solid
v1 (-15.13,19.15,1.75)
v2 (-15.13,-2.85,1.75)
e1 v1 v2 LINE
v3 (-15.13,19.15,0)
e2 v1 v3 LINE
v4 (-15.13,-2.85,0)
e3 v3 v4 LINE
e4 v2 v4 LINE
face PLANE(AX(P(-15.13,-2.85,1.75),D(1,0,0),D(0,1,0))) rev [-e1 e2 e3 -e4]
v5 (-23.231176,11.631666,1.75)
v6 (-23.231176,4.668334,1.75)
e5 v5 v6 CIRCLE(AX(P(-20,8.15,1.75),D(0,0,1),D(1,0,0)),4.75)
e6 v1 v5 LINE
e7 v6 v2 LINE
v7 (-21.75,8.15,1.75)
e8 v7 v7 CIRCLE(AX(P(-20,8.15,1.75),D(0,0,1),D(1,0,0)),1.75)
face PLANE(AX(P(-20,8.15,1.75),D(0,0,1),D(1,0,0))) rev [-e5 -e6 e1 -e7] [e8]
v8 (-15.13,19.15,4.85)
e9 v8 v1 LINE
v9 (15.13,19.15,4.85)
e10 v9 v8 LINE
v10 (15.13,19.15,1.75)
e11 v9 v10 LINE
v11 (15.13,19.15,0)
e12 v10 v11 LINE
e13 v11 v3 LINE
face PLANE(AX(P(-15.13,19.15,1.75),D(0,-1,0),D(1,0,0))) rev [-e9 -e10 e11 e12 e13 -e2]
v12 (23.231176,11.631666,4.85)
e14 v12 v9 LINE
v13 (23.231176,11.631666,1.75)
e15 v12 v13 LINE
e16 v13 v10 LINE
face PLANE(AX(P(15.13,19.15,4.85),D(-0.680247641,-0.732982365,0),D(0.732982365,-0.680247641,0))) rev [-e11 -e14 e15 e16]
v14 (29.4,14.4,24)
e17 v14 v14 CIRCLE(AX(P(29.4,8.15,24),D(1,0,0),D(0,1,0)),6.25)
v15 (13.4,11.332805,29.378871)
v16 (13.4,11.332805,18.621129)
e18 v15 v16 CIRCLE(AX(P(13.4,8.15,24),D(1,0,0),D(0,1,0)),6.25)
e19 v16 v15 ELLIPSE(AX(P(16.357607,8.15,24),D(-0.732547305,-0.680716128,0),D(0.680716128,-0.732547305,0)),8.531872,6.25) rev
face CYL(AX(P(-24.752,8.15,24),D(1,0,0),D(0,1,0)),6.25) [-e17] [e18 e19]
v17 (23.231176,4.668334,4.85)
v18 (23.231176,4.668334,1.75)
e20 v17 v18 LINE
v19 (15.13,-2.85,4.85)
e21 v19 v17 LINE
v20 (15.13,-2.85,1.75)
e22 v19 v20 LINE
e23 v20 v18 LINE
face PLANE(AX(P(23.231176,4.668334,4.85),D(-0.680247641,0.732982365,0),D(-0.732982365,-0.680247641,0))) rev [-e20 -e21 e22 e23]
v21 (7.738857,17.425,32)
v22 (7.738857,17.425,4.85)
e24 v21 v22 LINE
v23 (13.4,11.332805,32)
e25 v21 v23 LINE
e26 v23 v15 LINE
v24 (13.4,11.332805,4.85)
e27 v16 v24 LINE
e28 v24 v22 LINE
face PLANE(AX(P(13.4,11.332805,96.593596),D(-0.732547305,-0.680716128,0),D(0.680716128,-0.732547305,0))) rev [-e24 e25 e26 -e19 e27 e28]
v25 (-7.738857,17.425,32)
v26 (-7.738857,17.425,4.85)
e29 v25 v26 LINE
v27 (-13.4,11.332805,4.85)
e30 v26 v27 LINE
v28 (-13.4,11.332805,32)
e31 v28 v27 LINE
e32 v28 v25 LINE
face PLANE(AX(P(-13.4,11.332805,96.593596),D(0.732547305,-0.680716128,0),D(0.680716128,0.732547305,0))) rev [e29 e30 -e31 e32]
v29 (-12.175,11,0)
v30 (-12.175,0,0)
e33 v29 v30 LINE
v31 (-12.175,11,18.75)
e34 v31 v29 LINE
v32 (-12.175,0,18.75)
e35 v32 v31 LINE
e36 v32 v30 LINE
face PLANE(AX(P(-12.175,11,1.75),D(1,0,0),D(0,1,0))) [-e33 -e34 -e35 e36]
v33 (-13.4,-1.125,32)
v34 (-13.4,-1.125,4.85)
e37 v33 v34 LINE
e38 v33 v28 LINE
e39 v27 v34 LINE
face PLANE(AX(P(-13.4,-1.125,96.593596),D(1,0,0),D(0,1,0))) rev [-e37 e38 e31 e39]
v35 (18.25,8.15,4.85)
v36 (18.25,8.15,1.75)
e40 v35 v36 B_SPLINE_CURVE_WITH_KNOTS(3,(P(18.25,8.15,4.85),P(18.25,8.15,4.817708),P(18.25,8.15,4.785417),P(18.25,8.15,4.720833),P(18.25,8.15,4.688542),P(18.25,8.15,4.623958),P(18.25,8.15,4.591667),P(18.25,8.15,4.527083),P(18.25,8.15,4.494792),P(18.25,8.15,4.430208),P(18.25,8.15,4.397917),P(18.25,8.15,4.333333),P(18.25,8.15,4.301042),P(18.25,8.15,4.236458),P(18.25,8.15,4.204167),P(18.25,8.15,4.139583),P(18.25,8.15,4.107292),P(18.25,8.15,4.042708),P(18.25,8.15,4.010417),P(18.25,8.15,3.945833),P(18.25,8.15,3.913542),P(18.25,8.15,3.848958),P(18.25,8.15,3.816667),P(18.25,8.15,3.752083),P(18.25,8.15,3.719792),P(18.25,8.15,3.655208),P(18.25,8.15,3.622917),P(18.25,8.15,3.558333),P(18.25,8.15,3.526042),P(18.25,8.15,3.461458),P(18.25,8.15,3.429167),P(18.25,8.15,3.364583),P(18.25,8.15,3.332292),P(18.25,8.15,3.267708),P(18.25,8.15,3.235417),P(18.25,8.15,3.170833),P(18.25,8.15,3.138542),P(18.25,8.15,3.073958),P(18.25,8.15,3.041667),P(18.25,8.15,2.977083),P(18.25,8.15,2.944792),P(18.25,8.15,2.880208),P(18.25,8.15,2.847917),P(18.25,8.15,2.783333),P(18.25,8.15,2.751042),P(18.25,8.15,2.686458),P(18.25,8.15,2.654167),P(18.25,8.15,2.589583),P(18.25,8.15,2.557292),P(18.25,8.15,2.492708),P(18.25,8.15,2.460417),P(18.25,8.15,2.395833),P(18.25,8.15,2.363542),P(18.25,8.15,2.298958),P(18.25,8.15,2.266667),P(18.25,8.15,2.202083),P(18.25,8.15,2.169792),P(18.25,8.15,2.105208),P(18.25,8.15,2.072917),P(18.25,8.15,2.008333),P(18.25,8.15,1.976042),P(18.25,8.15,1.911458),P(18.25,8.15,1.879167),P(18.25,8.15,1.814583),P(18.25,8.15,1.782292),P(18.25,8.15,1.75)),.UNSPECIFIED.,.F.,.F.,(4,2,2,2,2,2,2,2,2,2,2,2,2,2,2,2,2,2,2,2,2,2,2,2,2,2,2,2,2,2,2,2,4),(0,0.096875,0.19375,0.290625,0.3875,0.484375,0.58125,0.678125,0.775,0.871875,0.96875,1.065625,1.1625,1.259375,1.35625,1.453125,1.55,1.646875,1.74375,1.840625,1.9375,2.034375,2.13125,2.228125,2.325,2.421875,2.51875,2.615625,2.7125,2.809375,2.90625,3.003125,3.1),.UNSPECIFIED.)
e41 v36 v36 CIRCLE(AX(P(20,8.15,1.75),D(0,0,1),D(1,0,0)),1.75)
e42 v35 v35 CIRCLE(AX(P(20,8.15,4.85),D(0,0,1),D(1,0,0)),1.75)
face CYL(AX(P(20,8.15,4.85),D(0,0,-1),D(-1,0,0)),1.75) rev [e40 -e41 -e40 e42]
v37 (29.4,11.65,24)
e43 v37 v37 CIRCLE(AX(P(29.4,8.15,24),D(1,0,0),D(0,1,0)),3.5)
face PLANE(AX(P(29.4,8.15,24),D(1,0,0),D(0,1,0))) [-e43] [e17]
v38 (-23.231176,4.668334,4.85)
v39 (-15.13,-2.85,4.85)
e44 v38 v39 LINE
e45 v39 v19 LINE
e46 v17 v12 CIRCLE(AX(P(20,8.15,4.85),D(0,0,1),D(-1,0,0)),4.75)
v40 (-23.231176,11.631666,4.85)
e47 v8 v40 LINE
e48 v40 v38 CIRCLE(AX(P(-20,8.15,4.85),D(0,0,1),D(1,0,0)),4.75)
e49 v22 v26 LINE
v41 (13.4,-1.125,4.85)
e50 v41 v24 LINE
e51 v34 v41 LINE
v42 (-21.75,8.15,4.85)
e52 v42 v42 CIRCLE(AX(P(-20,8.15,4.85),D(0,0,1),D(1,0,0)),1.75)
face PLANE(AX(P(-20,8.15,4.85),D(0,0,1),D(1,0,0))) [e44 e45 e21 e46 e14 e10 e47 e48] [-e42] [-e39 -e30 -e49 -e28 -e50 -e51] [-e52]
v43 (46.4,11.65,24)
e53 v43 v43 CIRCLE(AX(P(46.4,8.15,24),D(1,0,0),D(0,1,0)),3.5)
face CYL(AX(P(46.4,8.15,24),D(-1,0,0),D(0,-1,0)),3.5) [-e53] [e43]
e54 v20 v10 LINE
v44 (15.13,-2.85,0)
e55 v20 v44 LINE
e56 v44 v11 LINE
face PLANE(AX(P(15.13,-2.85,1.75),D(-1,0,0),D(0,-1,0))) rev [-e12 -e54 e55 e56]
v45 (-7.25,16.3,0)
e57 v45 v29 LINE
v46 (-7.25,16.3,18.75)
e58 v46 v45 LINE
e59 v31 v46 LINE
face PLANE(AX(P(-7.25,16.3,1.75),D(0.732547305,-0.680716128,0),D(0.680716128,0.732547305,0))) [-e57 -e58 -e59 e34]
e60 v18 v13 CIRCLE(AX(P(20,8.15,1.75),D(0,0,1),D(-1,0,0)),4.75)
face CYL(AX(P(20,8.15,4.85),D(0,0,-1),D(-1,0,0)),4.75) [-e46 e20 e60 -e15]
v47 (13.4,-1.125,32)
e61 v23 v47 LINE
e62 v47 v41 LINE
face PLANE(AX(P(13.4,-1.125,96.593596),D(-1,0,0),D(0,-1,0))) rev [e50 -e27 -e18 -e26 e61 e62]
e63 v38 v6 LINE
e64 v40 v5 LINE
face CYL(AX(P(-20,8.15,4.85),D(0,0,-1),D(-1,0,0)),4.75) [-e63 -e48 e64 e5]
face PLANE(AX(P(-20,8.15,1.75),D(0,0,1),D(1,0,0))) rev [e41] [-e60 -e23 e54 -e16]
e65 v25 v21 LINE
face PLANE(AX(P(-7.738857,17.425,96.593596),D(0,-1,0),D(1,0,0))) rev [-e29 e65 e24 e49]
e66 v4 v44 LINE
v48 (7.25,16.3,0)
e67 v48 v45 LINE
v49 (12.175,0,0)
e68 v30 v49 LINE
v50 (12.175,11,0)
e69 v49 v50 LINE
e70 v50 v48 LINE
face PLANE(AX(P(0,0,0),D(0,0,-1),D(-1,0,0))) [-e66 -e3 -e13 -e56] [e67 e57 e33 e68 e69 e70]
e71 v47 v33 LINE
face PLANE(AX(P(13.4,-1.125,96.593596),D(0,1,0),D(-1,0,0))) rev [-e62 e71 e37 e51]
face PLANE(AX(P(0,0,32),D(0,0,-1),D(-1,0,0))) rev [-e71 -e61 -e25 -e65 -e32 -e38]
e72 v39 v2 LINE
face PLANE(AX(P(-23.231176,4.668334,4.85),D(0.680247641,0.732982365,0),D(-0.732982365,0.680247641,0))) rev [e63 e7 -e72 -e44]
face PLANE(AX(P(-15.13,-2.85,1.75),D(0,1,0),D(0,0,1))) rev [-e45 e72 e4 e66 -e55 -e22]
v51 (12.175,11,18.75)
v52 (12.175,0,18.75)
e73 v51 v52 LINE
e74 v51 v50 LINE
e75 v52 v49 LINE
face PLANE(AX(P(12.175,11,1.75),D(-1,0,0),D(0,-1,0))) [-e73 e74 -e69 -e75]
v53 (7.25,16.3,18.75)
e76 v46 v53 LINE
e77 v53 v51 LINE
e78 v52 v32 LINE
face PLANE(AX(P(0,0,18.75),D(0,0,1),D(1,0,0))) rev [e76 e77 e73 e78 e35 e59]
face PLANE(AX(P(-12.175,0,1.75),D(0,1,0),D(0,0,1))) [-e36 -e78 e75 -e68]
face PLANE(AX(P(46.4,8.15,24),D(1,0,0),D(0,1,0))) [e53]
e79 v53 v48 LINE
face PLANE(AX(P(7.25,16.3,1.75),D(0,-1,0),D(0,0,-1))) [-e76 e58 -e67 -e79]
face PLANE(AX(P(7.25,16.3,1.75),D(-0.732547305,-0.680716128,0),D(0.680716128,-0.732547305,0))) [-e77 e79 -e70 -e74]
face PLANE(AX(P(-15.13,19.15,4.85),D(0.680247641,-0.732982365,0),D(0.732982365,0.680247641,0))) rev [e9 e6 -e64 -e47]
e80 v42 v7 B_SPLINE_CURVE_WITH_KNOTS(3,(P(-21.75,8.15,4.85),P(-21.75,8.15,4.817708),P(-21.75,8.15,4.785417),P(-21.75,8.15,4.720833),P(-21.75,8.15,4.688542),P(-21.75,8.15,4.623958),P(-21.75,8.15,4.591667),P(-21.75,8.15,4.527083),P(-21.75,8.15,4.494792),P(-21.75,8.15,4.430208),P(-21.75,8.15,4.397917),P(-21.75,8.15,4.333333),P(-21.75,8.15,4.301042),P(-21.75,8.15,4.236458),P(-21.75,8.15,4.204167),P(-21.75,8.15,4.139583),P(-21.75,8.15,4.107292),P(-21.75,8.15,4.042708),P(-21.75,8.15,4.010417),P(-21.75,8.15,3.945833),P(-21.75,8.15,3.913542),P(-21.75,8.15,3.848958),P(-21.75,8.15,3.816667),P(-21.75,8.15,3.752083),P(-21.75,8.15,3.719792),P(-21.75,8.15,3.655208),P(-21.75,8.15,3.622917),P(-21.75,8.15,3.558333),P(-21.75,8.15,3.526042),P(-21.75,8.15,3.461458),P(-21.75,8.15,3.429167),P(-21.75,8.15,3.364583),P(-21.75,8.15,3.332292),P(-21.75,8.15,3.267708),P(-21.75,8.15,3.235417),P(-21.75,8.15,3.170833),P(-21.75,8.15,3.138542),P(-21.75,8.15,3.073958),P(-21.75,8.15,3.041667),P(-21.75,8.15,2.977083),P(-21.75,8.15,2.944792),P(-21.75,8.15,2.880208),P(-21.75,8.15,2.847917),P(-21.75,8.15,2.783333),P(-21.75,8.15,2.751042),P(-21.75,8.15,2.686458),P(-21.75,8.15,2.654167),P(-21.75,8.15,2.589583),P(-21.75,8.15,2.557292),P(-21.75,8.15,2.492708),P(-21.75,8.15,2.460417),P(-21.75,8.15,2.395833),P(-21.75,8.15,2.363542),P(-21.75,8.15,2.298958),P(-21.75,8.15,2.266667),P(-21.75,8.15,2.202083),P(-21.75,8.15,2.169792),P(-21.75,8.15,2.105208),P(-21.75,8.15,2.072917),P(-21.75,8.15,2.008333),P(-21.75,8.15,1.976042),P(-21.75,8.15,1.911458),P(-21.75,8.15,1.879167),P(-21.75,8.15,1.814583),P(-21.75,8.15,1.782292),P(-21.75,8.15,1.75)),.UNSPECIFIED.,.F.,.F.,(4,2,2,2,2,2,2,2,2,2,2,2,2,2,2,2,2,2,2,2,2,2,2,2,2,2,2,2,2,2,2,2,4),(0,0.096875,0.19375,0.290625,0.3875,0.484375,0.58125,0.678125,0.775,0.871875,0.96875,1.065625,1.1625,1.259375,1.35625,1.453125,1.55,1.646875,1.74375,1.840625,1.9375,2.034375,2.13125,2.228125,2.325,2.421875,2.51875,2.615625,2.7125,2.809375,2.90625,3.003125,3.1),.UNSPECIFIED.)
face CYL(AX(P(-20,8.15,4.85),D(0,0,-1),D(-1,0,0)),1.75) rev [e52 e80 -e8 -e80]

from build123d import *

# Parameters (mm, degrees)
SKETCH_1_W                  = 30.26
SKETCH_1_H                  = 22
EXTRUDE_1_DEPTH             = 1.75
SKETCH_2_R                  = 1.75
EXTRUDE_2_DEPTH             = 3.1
EXTRUDE_3_DEPTH             = 27.15
SKETCH_4_R                  = 6.25
EXTRUDE_4_DEPTH             = 16
EXTRUDE_4_DIRECTION_2_REACH = 55.349
SKETCH_5_R                  = 3.5
EXTRUDE_5_DEPTH             = 17
CUT_EXTRUDE_1_DEPTH         = 17


with BuildPart() as part:
    # 草图1 → 凸台-拉伸1 (new body)
    with BuildSketch(Plane.XY):
        with Locations((0, 8.15)):
            Rectangle(SKETCH_1_W, SKETCH_1_H)
        Polygon((7.25, 16.3), (-7.25, 16.3), (-12.175, 11), (-12.175, 0), (12.175, 0), (12.175, 11), align=None, mode=Mode.SUBTRACT)
    extrude(amount=EXTRUDE_1_DEPTH)

    # 草图2 → 凸台-拉伸2 (add)
    with BuildSketch(Plane.XY.offset(1.75)):
        with BuildLine():
            Line((-15.13, 19.15), (15.13, 19.15))
            Line((15.13, 19.15), (23.231176295, 11.631666232))
            ThreePointArc((23.231176295, 11.631666232), (24.75, 8.15), (23.231176295, 4.668333768))
            Line((23.231176295, 4.668333768), (15.13, -2.85))
            Line((15.13, -2.85), (-15.13, -2.85))
            Line((-15.13, -2.85), (-23.231176295, 4.668333768))
            ThreePointArc((-23.231176295, 4.668333768), (-24.75, 8.15), (-23.231176295, 11.631666232))
            Line((-23.231176295, 11.631666232), (-15.13, 19.15))
        make_face()
        with Locations(Location((-20, 8.15, 0), (0, 0, 180))):
            Circle(SKETCH_2_R, mode=Mode.SUBTRACT)
        with Locations(Location((20, 8.15, 0), (0, 0, 180))):
            Circle(SKETCH_2_R, mode=Mode.SUBTRACT)
    extrude(amount=EXTRUDE_2_DEPTH)

    # 草图3 → 凸台-拉伸3 (add)
    with BuildSketch(Plane.XY.offset(4.85)):
        Polygon((13.4, -1.125), (-13.4, -1.125), (-13.4, 11.33280506), (-7.738856589, 17.425), (7.738856589, 17.425), (13.4, 11.33280506), align=None)
    extrude(amount=EXTRUDE_3_DEPTH)

    # 草图4 → 凸台-拉伸4 (add)
    with BuildSketch(Plane(origin=(13.4, 0, 0), x_dir=(0, 0, -1), z_dir=(1, 0, 0))):
        with Locations(Location((-24, 8.15, 0), (0, 0, 90))):
            Circle(SKETCH_4_R)
    extrude(amount=EXTRUDE_4_DEPTH)

    # 草图4 → 凸台-拉伸4 direction 2 (add, up to next)
    with BuildSketch(Plane(origin=(13.4, 0, 0), x_dir=(0, 0, -1), z_dir=(1, 0, 0)), mode=Mode.PRIVATE) as extrude_4_direction_2_sk1:
        with Locations(Location((-24, 8.15, 0), (0, 0, 90))):
            Circle(SKETCH_4_R)
    extrude_4_direction_2_tool1 = extrude(extrude_4_direction_2_sk1.sketch, amount=-EXTRUDE_4_DIRECTION_2_REACH, mode=Mode.PRIVATE) - part.part
    add(extrude_4_direction_2_tool1.solids().sort_by_distance((13.4, 8.15, 24))[0])

    # 草图5 → 凸台-拉伸5 (add)
    with BuildSketch(Plane(origin=(29.4, 0, 0), x_dir=(0, 0, -1), z_dir=(1, 0, 0))):
        with Locations(Location((-24, 8.15, 0), (0, 0, 90))):
            Circle(SKETCH_5_R)
    extrude(amount=EXTRUDE_5_DEPTH)

    # 草图6 → 切除-拉伸1 (cut)
    with BuildSketch(Plane(origin=(0, 0, 1.75), x_dir=(-1, 0, 0), z_dir=(0, 0, -1))):
        Polygon((-12.175, 11), (-12.175, 0), (12.175, 0), (12.175, 11), (7.25, 16.3), (-7.25, 16.3), align=None)
    extrude(amount=-CUT_EXTRUDE_1_DEPTH, mode=Mode.SUBTRACT)


solid = part.part
